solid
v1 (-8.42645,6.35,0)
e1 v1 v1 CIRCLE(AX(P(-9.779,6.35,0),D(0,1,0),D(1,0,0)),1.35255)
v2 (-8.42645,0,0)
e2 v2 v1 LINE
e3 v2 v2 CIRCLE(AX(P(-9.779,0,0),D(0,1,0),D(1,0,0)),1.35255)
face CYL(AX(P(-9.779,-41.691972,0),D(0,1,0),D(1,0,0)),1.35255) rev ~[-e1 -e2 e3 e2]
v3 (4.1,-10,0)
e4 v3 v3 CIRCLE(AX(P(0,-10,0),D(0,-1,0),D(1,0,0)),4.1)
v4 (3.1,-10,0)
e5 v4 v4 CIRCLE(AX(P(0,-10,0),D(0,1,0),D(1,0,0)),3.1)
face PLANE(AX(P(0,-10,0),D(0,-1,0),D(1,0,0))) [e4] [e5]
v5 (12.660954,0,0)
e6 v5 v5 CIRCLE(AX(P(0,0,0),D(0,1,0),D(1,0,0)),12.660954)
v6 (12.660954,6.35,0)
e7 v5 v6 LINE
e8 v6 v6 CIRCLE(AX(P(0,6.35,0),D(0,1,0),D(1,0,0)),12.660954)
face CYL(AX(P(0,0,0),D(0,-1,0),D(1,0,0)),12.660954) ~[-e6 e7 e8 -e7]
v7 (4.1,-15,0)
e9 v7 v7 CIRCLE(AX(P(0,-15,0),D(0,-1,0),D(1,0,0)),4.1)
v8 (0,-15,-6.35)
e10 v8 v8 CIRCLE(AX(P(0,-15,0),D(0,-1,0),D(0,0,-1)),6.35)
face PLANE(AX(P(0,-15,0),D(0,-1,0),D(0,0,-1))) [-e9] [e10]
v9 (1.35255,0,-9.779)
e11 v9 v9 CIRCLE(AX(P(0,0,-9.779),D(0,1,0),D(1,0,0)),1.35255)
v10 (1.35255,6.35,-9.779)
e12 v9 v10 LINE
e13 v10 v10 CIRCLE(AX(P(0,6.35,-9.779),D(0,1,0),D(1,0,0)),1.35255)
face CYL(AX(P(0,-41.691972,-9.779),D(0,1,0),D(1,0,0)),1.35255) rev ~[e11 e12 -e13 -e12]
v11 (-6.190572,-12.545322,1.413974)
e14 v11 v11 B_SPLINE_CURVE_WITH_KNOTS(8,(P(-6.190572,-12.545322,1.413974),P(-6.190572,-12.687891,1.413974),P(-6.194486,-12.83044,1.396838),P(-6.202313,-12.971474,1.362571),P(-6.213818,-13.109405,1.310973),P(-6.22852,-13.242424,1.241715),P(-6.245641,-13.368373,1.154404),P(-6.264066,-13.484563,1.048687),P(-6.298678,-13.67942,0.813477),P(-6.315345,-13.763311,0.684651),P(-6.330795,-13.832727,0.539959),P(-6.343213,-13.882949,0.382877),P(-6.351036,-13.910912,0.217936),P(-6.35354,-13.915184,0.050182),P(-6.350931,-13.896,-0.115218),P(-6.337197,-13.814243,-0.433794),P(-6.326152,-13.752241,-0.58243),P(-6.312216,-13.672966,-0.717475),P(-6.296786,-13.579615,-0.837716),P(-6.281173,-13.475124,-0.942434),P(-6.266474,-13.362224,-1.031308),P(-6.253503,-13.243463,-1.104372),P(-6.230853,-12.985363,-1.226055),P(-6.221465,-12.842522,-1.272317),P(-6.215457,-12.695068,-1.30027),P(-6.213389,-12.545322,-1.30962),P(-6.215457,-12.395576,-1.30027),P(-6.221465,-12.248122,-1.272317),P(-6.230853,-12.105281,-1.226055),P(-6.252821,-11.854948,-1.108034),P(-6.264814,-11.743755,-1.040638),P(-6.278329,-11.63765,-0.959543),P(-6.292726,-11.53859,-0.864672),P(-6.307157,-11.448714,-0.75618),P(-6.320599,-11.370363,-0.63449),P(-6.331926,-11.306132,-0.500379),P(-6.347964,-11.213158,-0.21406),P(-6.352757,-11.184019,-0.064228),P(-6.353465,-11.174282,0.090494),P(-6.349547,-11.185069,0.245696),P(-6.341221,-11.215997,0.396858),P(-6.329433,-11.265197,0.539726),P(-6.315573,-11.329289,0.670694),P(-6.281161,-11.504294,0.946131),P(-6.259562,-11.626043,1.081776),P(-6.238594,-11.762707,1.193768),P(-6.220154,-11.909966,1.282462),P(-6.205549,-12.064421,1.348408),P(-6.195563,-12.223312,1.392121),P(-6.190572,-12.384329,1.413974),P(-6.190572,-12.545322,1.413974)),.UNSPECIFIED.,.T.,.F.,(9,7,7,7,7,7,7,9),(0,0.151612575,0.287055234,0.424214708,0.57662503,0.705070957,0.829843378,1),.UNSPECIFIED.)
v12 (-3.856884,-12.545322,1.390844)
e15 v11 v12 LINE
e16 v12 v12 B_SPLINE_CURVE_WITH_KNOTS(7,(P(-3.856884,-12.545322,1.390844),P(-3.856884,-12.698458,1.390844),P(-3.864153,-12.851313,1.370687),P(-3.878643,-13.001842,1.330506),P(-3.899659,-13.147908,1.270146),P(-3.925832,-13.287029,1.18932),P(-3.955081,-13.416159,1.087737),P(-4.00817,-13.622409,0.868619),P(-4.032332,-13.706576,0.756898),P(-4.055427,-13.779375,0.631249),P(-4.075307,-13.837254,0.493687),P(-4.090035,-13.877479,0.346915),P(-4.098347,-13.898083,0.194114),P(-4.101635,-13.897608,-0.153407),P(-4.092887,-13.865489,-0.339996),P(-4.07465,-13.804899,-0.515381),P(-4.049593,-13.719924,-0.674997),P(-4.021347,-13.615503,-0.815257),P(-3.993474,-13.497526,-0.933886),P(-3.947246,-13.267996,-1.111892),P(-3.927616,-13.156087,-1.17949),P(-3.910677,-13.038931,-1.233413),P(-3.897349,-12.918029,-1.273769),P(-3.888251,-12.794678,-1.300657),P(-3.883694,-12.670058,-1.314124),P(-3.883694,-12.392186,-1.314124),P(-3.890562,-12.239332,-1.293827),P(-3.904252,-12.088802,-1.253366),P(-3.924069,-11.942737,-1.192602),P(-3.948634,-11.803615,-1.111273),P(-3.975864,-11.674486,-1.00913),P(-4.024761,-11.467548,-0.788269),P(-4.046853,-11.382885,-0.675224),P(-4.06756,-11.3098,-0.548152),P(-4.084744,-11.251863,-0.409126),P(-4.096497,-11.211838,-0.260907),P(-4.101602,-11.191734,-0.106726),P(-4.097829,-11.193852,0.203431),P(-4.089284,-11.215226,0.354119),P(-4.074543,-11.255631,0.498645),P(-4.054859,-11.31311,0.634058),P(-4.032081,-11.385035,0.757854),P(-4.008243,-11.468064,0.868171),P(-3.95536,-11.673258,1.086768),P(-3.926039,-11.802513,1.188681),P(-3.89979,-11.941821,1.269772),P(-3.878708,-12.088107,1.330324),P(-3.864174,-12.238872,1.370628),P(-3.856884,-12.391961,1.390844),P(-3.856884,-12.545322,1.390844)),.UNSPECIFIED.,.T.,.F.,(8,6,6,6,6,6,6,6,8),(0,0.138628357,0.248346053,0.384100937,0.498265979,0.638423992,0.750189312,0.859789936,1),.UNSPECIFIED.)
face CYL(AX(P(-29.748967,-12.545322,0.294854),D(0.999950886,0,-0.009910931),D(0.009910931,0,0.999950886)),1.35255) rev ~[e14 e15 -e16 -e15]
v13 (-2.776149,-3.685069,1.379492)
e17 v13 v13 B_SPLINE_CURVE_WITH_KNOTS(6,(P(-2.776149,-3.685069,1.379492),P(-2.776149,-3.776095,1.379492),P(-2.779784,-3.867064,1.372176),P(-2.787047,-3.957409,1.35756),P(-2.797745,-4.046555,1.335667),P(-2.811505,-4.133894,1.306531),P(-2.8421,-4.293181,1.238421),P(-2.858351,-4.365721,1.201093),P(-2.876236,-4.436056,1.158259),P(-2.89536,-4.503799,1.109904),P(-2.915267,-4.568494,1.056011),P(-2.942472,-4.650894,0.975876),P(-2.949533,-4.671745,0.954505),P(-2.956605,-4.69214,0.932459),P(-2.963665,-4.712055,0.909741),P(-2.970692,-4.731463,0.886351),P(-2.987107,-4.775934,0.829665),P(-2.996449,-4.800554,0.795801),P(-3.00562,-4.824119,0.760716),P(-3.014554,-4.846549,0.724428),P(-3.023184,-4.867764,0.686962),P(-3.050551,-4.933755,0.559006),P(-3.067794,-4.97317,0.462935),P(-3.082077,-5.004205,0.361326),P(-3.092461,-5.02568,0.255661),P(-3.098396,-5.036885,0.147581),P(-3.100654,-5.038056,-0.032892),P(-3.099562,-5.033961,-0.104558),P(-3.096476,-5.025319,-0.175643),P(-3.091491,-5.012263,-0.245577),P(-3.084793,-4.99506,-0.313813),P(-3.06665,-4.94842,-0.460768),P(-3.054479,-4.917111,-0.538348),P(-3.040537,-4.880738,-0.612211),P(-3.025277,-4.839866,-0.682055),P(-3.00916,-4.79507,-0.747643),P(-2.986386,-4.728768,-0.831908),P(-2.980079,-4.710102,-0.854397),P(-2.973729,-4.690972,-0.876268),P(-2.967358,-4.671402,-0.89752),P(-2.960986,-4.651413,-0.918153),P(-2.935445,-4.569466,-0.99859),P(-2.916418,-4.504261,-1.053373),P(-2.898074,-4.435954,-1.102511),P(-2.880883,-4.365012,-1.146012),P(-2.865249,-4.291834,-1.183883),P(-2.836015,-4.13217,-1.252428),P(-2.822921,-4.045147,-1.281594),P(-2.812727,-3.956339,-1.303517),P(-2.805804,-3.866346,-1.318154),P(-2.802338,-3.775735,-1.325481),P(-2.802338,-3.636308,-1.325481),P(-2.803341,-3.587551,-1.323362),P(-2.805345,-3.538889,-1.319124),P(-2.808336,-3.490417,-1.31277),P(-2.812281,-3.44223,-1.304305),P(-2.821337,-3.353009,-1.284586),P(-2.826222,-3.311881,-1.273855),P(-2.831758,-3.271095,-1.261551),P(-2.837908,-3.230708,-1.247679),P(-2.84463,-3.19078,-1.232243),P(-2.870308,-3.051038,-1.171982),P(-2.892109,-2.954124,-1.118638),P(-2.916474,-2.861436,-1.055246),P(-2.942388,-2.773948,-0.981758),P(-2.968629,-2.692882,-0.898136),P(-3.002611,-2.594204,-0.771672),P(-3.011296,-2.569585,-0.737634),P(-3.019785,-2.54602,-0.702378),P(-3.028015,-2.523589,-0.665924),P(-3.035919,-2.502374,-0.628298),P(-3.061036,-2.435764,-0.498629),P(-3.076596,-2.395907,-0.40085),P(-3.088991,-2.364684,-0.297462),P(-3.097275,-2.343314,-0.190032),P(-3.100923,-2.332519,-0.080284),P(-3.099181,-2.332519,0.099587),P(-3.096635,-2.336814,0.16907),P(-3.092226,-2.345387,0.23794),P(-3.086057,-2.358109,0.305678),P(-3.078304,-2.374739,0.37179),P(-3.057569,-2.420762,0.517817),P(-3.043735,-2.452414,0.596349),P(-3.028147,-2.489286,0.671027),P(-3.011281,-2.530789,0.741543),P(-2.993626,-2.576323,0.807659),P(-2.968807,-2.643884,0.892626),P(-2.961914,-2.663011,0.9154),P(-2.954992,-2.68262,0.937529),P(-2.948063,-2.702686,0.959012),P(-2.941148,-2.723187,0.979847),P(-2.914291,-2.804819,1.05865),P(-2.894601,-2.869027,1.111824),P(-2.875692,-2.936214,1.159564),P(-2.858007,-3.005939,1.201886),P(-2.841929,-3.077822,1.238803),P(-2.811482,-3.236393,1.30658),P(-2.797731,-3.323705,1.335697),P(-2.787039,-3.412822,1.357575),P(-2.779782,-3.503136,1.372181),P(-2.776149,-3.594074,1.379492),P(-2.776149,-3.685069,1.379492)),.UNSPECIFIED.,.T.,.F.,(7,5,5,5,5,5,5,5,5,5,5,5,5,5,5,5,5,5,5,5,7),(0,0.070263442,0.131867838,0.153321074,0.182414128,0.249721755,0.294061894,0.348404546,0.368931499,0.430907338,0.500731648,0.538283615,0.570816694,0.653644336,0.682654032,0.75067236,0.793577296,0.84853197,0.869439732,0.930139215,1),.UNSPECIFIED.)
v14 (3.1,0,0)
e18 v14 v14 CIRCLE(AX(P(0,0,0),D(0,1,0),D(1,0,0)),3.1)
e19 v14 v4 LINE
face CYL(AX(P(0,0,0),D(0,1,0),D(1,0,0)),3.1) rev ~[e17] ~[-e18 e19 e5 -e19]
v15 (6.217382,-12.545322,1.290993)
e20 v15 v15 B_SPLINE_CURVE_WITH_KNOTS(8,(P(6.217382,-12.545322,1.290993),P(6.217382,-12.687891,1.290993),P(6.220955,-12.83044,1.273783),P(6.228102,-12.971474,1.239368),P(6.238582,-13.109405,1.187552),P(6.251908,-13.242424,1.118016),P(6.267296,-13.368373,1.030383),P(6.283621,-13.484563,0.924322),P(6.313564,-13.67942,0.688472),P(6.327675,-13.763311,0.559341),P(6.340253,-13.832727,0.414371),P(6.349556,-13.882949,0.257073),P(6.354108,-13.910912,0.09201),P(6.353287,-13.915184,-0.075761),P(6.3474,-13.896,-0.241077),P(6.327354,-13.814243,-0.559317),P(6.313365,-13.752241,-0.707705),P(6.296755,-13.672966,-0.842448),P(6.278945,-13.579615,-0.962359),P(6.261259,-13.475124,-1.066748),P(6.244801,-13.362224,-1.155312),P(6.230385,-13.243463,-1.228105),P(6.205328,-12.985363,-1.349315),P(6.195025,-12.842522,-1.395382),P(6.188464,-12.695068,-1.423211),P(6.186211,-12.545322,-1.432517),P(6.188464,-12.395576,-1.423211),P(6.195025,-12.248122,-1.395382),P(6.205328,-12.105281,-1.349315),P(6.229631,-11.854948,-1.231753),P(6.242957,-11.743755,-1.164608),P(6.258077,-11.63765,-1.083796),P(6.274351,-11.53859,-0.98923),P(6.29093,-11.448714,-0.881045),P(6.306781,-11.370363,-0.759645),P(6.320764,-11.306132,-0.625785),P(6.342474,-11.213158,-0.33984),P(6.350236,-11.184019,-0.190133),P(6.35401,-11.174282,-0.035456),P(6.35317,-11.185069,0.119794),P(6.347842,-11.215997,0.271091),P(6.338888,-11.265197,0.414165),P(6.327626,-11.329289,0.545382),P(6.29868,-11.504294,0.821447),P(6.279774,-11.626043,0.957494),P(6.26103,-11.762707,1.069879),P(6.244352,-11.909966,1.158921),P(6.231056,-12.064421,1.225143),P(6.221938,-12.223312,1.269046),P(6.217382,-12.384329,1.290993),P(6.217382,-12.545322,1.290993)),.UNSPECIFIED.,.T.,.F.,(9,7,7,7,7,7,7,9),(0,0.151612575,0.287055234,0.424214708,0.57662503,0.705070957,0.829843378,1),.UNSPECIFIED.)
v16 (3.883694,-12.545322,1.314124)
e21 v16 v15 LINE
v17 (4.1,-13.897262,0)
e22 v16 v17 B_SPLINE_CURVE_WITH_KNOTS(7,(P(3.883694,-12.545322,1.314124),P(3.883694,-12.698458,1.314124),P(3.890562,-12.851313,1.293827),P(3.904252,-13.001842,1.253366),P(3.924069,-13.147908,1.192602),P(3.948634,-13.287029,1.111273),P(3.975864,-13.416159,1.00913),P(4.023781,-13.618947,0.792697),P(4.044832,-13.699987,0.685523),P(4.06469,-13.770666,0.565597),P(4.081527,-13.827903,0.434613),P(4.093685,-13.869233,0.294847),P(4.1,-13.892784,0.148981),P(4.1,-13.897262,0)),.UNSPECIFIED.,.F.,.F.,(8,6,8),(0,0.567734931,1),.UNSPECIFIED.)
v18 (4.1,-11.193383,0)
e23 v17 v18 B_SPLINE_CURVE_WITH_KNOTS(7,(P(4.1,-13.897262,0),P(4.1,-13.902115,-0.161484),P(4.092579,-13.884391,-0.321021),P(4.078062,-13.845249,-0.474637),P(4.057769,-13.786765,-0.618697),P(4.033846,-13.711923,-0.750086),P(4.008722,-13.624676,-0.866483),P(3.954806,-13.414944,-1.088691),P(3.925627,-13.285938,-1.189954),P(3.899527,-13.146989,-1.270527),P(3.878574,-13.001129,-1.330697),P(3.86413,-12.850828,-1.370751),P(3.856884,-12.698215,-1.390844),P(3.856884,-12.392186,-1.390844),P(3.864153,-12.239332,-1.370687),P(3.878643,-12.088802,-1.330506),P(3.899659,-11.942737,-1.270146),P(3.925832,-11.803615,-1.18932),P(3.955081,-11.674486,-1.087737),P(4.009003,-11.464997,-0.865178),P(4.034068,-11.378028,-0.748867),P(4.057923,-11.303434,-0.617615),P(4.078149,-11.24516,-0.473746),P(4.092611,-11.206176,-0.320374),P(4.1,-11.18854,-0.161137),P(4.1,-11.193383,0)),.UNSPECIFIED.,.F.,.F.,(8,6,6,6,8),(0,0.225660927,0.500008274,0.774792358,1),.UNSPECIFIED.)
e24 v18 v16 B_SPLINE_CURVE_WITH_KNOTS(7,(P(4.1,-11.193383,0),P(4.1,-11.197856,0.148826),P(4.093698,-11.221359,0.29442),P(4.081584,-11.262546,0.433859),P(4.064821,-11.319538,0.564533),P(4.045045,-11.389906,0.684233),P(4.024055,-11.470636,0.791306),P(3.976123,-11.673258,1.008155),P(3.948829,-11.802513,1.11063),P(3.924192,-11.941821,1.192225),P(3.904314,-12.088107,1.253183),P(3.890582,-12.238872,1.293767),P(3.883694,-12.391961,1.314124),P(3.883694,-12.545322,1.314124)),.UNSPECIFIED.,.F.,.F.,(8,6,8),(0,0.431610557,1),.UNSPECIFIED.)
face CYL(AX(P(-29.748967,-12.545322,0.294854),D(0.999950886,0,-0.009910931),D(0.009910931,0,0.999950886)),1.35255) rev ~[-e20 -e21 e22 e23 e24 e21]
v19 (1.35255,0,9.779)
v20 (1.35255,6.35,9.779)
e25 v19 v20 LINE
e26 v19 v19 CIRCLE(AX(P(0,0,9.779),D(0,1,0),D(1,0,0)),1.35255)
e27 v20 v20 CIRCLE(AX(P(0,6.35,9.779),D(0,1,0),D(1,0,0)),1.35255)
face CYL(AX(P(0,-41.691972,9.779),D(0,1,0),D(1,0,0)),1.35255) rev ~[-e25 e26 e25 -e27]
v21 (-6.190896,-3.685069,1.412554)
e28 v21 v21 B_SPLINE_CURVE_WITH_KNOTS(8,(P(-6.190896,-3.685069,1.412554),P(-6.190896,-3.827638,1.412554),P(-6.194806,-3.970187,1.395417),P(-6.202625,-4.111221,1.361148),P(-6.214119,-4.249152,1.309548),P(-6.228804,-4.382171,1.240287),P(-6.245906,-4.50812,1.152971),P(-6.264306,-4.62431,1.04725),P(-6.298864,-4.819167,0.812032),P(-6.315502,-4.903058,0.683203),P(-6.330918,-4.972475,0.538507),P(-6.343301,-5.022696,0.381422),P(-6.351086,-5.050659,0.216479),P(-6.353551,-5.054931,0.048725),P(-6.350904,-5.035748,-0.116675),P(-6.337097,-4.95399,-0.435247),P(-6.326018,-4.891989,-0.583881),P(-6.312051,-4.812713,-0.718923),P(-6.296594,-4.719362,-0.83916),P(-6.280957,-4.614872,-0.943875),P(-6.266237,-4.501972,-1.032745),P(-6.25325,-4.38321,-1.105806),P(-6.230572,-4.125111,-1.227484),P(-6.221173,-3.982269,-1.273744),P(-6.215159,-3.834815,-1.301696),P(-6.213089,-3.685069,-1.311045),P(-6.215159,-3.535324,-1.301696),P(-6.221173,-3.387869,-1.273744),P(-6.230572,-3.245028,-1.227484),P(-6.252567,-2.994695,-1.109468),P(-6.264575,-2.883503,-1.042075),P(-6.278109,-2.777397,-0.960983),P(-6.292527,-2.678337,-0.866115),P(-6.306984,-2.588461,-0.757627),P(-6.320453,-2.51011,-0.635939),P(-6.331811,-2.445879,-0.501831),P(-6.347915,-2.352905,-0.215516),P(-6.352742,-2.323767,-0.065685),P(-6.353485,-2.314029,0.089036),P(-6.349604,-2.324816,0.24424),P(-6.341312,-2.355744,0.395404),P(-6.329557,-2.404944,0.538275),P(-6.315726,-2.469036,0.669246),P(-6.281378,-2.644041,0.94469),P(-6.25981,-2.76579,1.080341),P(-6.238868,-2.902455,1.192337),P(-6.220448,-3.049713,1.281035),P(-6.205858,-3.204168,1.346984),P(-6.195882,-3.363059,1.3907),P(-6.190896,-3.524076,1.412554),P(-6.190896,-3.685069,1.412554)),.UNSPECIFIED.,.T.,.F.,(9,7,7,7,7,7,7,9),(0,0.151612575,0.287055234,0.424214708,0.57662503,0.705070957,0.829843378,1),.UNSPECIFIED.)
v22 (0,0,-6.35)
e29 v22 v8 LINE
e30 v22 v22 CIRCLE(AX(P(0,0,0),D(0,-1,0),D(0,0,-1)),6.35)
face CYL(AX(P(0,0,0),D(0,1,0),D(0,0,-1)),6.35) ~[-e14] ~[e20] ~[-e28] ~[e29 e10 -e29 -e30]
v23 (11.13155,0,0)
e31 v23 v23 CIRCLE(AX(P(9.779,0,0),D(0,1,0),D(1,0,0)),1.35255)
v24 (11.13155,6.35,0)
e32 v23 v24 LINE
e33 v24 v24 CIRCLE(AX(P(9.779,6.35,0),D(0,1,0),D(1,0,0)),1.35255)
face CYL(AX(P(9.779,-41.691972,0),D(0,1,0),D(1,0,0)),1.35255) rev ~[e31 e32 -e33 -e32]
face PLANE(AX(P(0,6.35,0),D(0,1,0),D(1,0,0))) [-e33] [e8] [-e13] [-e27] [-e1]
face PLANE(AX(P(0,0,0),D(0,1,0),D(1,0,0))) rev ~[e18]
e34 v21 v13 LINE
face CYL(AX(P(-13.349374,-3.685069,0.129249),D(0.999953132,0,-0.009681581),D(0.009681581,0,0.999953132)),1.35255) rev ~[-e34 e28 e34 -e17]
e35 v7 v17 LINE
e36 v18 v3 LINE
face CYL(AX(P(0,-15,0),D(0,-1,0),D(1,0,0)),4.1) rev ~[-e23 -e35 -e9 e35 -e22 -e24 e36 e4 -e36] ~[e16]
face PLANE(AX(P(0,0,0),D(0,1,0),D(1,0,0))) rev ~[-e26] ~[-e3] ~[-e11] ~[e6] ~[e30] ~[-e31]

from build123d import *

# Parameters (mm, degrees)
SKETCH1_R                 = 6.35
BOSS_EXTRUDE1_DEPTH       = 15
SKETCH2_R                 = 3.1
CUT_EXTRUDE1_DEPTH        = 10
SKETCH3_R                 = 4.1
CUT_EXTRUDE2_DEPTH        = 5
F_6_32_TAPPED_HOLE1_D     = 2.7051
F_6_32_TAPPED_HOLE1_DEPTH = 7
F_6_32_TAPPED_HOLE1_TIP   = 0.81269403
F_6_32_TAPPED_HOLE2_D     = 2.7051
SKETCH14_R                = 12.660953714
BOSS_EXTRUDE2_DEPTH       = 6.35
F_6_32_TAPPED_HOLE3_D     = 2.7051


with BuildPart() as part:
    # Sketch1 → Boss-Extrude1 (new body)
    with BuildSketch(Plane(origin=(0, 0, 0), x_dir=(0, 0, -1), z_dir=(0, -1, 0))):
        Circle(SKETCH1_R)
    extrude(amount=BOSS_EXTRUDE1_DEPTH)

    # Sketch2 → Cut-Extrude1 (cut)
    with BuildSketch(Plane(origin=(0, 0, 0), x_dir=(1, 0, 0), z_dir=(0, 1, 0))):
        Circle(SKETCH2_R)
    extrude(amount=-CUT_EXTRUDE1_DEPTH, mode=Mode.SUBTRACT)

    # Sketch3 → Cut-Extrude2 (cut)
    with BuildSketch(Plane.XZ.offset(15)):
        Circle(SKETCH3_R)
    extrude(amount=-CUT_EXTRUDE2_DEPTH, mode=Mode.SUBTRACT)

    # #6-32 Tapped Hole1
    with Locations(Plane(origin=(-6.349702391, -3.685069286, 0.061478042), x_dir=(-0.009681581, 0, -0.999953132), z_dir=(-0.999953132, 0, 0.009681581))):
        with Locations((0, 0)):
            Hole(F_6_32_TAPPED_HOLE1_D / 2, depth=F_6_32_TAPPED_HOLE1_DEPTH)
            with Locations((0, 0, -(F_6_32_TAPPED_HOLE1_DEPTH + F_6_32_TAPPED_HOLE1_TIP / 2))):  # 118° drill point
                Cone(0, F_6_32_TAPPED_HOLE1_D / 2, F_6_32_TAPPED_HOLE1_TIP, mode=Mode.SUBTRACT)

    # #6-32 Tapped Hole2 (through all)
    with Locations(Plane(origin=(-6.349688123, -12.545322132, 0.062934409), x_dir=(-0.009910931, 0, -0.999950886), z_dir=(-0.999950886, 0, 0.009910931))):
        with Locations((0, 0)):
            Hole(F_6_32_TAPPED_HOLE2_D / 2)

    # Sketch14 → Boss-Extrude2 (add)
    with BuildSketch(Plane(origin=(0, 0, 0), x_dir=(1, 0, 0), z_dir=(0, 1, 0))):
        Circle(SKETCH14_R)
    extrude(amount=BOSS_EXTRUDE2_DEPTH)

    # #6-32 Tapped Hole3 (through all)
    with Locations(Plane(origin=(0, 0, 0), x_dir=(-1, 0, 0), z_dir=(0, -1, 0))):
        with Locations((-9.779, 0), (0, 9.779), (9.779, 0), (0, -9.779)):
            Hole(F_6_32_TAPPED_HOLE3_D / 2)


solid = part.part
